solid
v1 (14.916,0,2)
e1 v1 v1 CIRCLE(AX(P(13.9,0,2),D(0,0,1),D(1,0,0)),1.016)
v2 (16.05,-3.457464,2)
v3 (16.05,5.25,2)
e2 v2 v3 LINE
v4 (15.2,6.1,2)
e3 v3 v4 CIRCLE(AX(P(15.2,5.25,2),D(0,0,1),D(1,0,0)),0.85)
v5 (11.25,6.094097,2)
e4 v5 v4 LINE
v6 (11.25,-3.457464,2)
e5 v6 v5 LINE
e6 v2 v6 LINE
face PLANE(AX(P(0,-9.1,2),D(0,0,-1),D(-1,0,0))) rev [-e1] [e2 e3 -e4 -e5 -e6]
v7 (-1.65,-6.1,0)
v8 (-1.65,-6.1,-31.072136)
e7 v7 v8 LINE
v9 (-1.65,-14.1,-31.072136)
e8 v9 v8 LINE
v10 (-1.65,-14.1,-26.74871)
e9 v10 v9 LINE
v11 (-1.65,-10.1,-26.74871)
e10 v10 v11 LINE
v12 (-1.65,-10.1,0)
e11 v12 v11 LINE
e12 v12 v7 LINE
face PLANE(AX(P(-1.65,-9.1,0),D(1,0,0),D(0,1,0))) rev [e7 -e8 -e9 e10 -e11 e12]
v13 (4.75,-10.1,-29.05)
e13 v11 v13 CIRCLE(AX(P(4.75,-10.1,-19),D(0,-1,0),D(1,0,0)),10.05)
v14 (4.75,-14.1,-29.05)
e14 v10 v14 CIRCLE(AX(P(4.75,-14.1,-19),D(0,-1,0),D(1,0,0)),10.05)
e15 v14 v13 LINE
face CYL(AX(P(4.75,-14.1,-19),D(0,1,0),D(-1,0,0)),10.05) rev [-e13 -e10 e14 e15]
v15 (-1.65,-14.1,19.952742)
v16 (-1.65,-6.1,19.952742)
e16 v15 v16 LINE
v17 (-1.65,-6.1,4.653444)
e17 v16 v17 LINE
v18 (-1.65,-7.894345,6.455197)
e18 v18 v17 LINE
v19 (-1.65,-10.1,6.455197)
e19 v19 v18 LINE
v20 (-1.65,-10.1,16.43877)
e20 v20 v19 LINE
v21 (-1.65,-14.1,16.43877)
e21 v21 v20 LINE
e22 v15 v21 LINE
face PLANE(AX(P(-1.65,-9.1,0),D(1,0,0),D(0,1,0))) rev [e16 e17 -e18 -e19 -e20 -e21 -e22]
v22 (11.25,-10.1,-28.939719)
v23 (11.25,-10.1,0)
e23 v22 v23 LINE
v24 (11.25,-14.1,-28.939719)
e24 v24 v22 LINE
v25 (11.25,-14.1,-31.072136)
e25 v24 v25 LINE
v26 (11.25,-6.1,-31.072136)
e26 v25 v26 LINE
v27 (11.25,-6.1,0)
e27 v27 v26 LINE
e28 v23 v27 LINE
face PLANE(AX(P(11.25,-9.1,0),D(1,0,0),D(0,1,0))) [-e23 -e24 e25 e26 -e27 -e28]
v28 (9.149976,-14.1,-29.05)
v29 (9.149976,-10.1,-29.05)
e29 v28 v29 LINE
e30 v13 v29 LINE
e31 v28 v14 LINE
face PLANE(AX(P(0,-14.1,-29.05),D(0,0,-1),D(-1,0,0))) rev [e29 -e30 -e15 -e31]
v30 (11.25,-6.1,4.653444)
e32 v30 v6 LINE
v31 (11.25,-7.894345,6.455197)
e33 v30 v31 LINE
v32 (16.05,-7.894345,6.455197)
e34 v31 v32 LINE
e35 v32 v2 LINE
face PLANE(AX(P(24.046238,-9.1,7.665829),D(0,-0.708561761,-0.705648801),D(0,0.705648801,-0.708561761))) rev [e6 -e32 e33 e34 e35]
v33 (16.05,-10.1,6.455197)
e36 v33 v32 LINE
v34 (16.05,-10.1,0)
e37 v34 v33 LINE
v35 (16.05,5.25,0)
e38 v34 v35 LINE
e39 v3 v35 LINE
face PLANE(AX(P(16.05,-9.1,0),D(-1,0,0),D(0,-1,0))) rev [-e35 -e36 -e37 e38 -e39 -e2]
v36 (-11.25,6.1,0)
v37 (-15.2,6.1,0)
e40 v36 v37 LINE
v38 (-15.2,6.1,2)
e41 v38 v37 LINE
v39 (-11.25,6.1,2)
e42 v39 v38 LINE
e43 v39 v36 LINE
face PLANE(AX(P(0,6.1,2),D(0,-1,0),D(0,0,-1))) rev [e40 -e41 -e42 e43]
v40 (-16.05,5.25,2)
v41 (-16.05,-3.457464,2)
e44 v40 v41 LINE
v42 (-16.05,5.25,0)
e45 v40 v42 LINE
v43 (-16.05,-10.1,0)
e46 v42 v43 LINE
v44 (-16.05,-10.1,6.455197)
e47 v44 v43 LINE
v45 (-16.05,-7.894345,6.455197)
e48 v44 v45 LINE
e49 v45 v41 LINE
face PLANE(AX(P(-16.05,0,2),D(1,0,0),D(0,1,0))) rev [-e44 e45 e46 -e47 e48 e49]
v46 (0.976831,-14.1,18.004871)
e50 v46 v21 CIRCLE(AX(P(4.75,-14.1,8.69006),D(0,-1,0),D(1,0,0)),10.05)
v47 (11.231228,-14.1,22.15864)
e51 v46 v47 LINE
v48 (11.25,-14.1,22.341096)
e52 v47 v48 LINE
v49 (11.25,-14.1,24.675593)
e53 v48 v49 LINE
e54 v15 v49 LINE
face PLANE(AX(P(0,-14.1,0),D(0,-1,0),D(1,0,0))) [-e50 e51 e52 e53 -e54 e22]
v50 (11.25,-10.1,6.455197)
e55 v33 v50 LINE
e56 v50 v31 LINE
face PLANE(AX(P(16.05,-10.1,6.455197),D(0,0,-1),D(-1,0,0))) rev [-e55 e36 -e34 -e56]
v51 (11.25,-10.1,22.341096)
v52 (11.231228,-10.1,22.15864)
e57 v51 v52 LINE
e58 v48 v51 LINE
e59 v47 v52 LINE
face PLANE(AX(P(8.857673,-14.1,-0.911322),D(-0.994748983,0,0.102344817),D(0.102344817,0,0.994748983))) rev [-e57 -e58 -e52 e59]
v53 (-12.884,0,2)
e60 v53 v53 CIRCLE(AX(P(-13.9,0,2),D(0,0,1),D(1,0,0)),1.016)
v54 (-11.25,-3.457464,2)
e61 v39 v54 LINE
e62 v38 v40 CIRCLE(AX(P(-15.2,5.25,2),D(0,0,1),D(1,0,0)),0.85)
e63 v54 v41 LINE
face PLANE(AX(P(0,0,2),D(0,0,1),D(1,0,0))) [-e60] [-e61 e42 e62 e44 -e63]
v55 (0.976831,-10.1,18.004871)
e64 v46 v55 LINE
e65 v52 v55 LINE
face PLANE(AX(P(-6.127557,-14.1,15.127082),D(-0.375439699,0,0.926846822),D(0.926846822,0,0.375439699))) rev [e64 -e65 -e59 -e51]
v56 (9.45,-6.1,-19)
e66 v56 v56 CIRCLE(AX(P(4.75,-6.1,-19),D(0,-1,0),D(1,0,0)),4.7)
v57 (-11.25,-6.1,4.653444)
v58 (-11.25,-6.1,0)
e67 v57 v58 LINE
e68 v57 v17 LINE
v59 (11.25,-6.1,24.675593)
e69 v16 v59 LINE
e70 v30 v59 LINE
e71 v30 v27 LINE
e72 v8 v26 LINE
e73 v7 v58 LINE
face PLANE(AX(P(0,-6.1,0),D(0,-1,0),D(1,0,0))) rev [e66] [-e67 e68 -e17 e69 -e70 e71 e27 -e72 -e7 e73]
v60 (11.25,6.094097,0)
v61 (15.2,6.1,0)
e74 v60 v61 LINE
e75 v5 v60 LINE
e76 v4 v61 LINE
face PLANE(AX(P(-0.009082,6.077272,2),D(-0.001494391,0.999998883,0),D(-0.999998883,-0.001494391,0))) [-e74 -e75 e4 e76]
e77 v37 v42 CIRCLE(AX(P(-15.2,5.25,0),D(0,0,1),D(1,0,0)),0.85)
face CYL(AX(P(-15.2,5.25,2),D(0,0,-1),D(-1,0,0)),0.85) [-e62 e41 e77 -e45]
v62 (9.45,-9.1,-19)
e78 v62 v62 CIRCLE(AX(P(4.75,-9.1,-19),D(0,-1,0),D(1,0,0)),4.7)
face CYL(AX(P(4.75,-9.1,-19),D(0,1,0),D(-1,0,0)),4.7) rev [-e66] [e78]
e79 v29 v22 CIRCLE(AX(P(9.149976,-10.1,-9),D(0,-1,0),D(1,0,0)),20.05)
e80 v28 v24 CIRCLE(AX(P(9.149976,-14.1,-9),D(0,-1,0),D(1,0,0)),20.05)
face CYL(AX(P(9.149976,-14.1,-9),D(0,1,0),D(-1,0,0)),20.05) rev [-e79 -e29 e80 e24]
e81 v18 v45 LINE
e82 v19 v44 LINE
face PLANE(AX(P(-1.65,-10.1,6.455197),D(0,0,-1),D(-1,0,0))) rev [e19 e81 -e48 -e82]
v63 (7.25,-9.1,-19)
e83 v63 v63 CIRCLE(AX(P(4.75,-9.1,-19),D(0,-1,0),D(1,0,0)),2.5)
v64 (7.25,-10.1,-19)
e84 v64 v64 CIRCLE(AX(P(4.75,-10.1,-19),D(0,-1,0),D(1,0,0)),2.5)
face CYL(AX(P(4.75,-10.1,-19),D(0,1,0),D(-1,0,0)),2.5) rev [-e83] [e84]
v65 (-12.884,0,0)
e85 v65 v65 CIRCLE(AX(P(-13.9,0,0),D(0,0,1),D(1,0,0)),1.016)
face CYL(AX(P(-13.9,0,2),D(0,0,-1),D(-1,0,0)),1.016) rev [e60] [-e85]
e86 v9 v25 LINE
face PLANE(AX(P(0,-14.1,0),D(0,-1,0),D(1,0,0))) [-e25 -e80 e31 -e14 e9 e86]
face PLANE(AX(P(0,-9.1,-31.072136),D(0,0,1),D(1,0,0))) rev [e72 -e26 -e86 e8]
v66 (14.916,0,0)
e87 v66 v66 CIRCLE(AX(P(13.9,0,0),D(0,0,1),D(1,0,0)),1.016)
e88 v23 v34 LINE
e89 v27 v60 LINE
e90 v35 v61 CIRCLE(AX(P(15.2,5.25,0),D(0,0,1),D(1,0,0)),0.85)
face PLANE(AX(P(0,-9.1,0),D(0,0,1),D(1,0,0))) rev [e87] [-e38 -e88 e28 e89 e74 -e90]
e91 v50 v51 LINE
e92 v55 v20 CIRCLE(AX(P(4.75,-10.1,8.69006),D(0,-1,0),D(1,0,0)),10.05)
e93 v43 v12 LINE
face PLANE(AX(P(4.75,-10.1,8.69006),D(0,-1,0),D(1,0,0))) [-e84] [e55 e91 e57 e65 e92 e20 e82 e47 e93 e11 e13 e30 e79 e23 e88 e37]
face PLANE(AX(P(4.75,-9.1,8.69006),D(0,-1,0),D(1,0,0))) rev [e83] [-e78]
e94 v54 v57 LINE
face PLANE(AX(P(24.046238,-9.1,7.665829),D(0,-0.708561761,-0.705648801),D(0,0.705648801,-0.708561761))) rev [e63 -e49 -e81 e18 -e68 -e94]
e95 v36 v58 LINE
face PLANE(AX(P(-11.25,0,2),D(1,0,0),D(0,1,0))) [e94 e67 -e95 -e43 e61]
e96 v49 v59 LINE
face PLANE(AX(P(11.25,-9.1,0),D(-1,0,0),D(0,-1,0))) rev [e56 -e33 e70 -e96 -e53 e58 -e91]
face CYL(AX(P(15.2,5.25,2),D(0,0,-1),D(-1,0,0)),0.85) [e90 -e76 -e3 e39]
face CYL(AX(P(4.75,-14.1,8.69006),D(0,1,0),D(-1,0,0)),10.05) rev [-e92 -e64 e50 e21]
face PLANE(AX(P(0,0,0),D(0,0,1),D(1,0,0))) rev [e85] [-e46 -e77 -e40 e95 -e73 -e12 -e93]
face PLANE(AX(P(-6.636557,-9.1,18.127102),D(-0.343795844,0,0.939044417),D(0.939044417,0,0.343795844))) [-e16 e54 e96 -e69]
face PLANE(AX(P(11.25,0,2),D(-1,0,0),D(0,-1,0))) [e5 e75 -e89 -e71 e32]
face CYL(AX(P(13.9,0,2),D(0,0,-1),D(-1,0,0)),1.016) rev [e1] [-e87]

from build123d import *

# Parameters (mm, degrees)
SKETCH1_R                       = 1.016
BOSS_EXTRUDE1_DEPTH             = 2
SKETCH2_R                       = 4.7
BOSS_EXTRUDE2_DEPTH             = 3
BOSS_EXTRUDE5_DEPTH             = 8
BOSS_EXTRUDE6_REACH             = 45.699
BOSS_EXTRUDE6_DIRECTION_2_REACH = 45.699
SKETCH4_W                       = 22.5
SKETCH4_H                       = 14.127681706
CUT_EXTRUDE1_DEPTH              = 7
FILLET1_R                       = 0.5
SKETCH5_R                       = 2.5
BOSS_EXTRUDE7_DEPTH             = 1
SKETCH6_W                       = 5.313656685
SKETCH6_H                       = 4.599259183
SKETCH6_W_2                     = 16.163165117
SKETCH6_H_2                     = 5.344557169
CUT_EXTRUDE2_DEPTH              = 5


with BuildPart() as part:
    # Sketch1 → Boss-Extrude1 (new body)
    # profile 1 of 4: a face of its own
    with BuildSketch(Plane.XY):
        with BuildLine():
            Line((-16.05, 5.25), (-16.05, -5.25))
            ThreePointArc((-16.05, -5.25), (-15.801040764, -5.851040764), (-15.2, -6.1))
            Line((-15.2, -6.1), (-11.25, -6.1))
            Line((-11.25, -6.1), (-11.25, 6.1))
            Line((-11.25, 6.1), (-15.2, 6.1))
            ThreePointArc((-15.2, 6.1), (-15.801040764, 5.851040764), (-16.05, 5.25))
        make_face()
        with Locations((-13.9, 0)):
            Circle(SKETCH1_R, mode=Mode.SUBTRACT)
    # profile 2 of 4: a face of its own
    with BuildSketch(Plane.XY):
        with BuildLine():
            Line((16.05, 5.25), (16.05, -5.25))
            ThreePointArc((16.05, -5.25), (15.801040764, -5.851040764), (15.2, -6.1))
            Line((15.2, -6.1), (11.25, -6.1))
            Line((11.25, -6.1), (11.25, 6.094097151))
            Line((11.25, 6.094097151), (15.2, 6.1))
            ThreePointArc((15.2, 6.1), (15.801040764, 5.851040764), (16.05, 5.25))
        make_face()
        with Locations((13.9, 0)):
            Circle(SKETCH1_R, mode=Mode.SUBTRACT)
    # profile 3 of 4: a face of its own
    with BuildSketch(Plane.XY):
        with BuildLine():
            ThreePointArc((15.2, -6.1), (15.801040764, -5.851040764), (16.05, -5.25))
            Line((16.05, -5.25), (16.05, -6.1))
            Line((16.05, -6.1), (15.2, -6.1))
        make_face()
    # profile 4 of 4: a face of its own
    with BuildSketch(Plane.XY):
        with BuildLine():
            ThreePointArc((-16.05, -5.25), (-15.801040764, -5.851040764), (-15.2, -6.1))
            Line((-15.2, -6.1), (-16.05, -6.1))
            Line((-16.05, -6.1), (-16.05, -5.25))
        make_face()
    extrude(amount=BOSS_EXTRUDE1_DEPTH)

    # Sketch2 → Boss-Extrude2 (add)
    with BuildSketch(Plane.XZ.offset(6.1)):
        Polygon((16.05, 2), (11.25, 2), (11.25, 24.675592953), (-1.65, 19.952742461), (-1.65, 2), (-16.05, 2), (-16.05, 0), (-1.65, 0), (-1.65, -31.072136217), (11.25, -31.072136217), (11.25, 0), (16.05, 0), align=None)
        with Locations((4.75, -19)):
            Circle(SKETCH2_R, mode=Mode.SUBTRACT)
    extrude(amount=BOSS_EXTRUDE2_DEPTH)

    # Sketch2<3> → Boss-Extrude5 (add)
    with BuildSketch(Plane.XZ.offset(6.1)):
        with BuildLine():
            Line((11.231228015, 22.158640143), (11.25, 22.341096015))
            Line((11.25, 22.341096015), (11.25, 24.675592953))
            Line((11.25, 24.675592953), (-1.65, 19.952742461))
            Line((-1.65, 19.952742461), (-1.65, 16.43877001))
            ThreePointArc((-1.65, 16.43877001), (-0.396504625, 17.322324926), (0.97683102, 18.004871005))
            Line((0.97683102, 18.004871005), (11.231228015, 22.158640143))
        make_face()
        with BuildLine():
            ThreePointArc((4.75, -29.05), (1.349414108, -28.457193854), (-1.65, -26.74870957))
            Line((-1.65, -26.74870957), (-1.65, -31.072136217))
            Line((-1.65, -31.072136217), (11.25, -31.072136217))
            Line((11.25, -31.072136217), (11.25, -28.939719159))
            ThreePointArc((11.25, -28.939719159), (10.201434939, -29.022410808), (9.149976222, -29.05))
            Line((9.149976222, -29.05), (4.75, -29.05))
        make_face()
    extrude(amount=BOSS_EXTRUDE5_DEPTH)

    # Boss-Extrude6: up to this face of the body (flat: up to its plane)
    boss_extrude6_end = Plane(part.part.faces().sort_by_distance((16.05, -1.925, 1))[0])
    # Sketch3 → Boss-Extrude6 (add, up to the picked face)
    with BuildSketch(Plane(origin=(11.25, 0, 0), x_dir=(0, 0, -1), z_dir=(1, 0, 0)), mode=Mode.PRIVATE) as boss_extrude6_sk1:
        Polygon((-7.665828596, -9.1), (-2, -3.457464127), (-2, -9.1), align=None)
    boss_extrude6_tool1 = split(extrude(boss_extrude6_sk1.sketch, amount=BOSS_EXTRUDE6_REACH, mode=Mode.PRIVATE), bisect_by=boss_extrude6_end, keep=Keep.BOTH, mode=Mode.PRIVATE)
    add(boss_extrude6_tool1.solids().sort_by(Axis((11.25, -7.219155, 3.88861), (1, 0, 0)))[0])

    # Boss-Extrude6 direction 2: up to this face of the body (flat: up to its plane)
    boss_extrude6_direction_2_end = Plane(part.part.faces().sort_by_distance((-16.05, -1.925, 1))[0])
    # Sketch3 → Boss-Extrude6 direction 2 (add, up to the picked face)
    with BuildSketch(Plane(origin=(11.25, 0, 0), x_dir=(0, 0, -1), z_dir=(1, 0, 0)), mode=Mode.PRIVATE) as boss_extrude6_direction_2_sk1:
        Polygon((-7.665828596, -9.1), (-2, -3.457464127), (-2, -9.1), align=None)
    boss_extrude6_direction_2_tool1 = split(extrude(boss_extrude6_direction_2_sk1.sketch, amount=-BOSS_EXTRUDE6_DIRECTION_2_REACH, mode=Mode.PRIVATE), bisect_by=boss_extrude6_direction_2_end, keep=Keep.BOTH, mode=Mode.PRIVATE)
    add(boss_extrude6_direction_2_tool1.solids().sort_by(Axis((11.25, -7.219155, 3.88861), (-1, 0, 0)))[0])

    # Sketch4 → Cut-Extrude1 (cut)
    with BuildSketch(Plane(origin=(0, -6.1, 0), x_dir=(1, 0, 0), z_dir=(0, 1, 0))):
        with Locations((0, -7.063840853)):
            Rectangle(SKETCH4_W, SKETCH4_H)
    extrude(amount=CUT_EXTRUDE1_DEPTH, mode=Mode.SUBTRACT)

    # Fillet1
    fillet1_edges = [part.edges().sort_by_distance(p)[0] for p in [
        (13.65, -9.1, 7.665828596),
        (-8.85, -9.1, 7.665828596),
    ]]
    fillet(fillet1_edges, radius=FILLET1_R)

    # Sketch5 → Boss-Extrude7 (add)
    with BuildSketch(Plane.XZ.offset(9.1)):
        with BuildLine():
            Line((-1.65, 16.43877001), (-1.65, 6.455196792))
            Line((-1.65, 6.455196792), (-16.05, 6.455196792))
            Line((-16.05, 6.455196792), (-16.05, 0))
            Line((-16.05, 0), (-1.65, 0))
            Line((-1.65, 0), (-1.65, -26.74870957))
            ThreePointArc((-1.65, -26.74870957), (1.349414108, -28.457193854), (4.75, -29.05))
            Line((4.75, -29.05), (9.149976222, -29.05))
            ThreePointArc((9.149976222, -29.05), (10.201434939, -29.022410808), (11.25, -28.939719159))
            Line((11.25, -28.939719159), (11.25, 0))
            Line((11.25, 0), (16.05, 0))
            Line((16.05, 0), (16.05, 6.455196792))
            Line((16.05, 6.455196792), (11.25, 6.455196792))
            Line((11.25, 6.455196792), (11.25, 22.341096015))
            Line((11.25, 22.341096015), (11.231228015, 22.158640143))
            Line((11.231228015, 22.158640143), (0.97683102, 18.004871005))
            ThreePointArc((0.97683102, 18.004871005), (-0.396504625, 17.322324926), (-1.65, 16.43877001))
        make_face()
        with Locations((4.75, -19)):
            Circle(SKETCH5_R, mode=Mode.SUBTRACT)
    extrude(amount=BOSS_EXTRUDE7_DEPTH)

    # Sketch6 → Cut-Extrude2 (cut)
    with BuildSketch(Plane.XY.offset(6.455196792)):
        with Locations((13.906828343, -7.800370409)):
            Rectangle(SKETCH6_W, SKETCH6_H)
        with Locations((-9.731582558, -7.427721416)):
            Rectangle(SKETCH6_W_2, SKETCH6_H_2)
    extrude(amount=CUT_EXTRUDE2_DEPTH, mode=Mode.SUBTRACT)


solid = part.part
